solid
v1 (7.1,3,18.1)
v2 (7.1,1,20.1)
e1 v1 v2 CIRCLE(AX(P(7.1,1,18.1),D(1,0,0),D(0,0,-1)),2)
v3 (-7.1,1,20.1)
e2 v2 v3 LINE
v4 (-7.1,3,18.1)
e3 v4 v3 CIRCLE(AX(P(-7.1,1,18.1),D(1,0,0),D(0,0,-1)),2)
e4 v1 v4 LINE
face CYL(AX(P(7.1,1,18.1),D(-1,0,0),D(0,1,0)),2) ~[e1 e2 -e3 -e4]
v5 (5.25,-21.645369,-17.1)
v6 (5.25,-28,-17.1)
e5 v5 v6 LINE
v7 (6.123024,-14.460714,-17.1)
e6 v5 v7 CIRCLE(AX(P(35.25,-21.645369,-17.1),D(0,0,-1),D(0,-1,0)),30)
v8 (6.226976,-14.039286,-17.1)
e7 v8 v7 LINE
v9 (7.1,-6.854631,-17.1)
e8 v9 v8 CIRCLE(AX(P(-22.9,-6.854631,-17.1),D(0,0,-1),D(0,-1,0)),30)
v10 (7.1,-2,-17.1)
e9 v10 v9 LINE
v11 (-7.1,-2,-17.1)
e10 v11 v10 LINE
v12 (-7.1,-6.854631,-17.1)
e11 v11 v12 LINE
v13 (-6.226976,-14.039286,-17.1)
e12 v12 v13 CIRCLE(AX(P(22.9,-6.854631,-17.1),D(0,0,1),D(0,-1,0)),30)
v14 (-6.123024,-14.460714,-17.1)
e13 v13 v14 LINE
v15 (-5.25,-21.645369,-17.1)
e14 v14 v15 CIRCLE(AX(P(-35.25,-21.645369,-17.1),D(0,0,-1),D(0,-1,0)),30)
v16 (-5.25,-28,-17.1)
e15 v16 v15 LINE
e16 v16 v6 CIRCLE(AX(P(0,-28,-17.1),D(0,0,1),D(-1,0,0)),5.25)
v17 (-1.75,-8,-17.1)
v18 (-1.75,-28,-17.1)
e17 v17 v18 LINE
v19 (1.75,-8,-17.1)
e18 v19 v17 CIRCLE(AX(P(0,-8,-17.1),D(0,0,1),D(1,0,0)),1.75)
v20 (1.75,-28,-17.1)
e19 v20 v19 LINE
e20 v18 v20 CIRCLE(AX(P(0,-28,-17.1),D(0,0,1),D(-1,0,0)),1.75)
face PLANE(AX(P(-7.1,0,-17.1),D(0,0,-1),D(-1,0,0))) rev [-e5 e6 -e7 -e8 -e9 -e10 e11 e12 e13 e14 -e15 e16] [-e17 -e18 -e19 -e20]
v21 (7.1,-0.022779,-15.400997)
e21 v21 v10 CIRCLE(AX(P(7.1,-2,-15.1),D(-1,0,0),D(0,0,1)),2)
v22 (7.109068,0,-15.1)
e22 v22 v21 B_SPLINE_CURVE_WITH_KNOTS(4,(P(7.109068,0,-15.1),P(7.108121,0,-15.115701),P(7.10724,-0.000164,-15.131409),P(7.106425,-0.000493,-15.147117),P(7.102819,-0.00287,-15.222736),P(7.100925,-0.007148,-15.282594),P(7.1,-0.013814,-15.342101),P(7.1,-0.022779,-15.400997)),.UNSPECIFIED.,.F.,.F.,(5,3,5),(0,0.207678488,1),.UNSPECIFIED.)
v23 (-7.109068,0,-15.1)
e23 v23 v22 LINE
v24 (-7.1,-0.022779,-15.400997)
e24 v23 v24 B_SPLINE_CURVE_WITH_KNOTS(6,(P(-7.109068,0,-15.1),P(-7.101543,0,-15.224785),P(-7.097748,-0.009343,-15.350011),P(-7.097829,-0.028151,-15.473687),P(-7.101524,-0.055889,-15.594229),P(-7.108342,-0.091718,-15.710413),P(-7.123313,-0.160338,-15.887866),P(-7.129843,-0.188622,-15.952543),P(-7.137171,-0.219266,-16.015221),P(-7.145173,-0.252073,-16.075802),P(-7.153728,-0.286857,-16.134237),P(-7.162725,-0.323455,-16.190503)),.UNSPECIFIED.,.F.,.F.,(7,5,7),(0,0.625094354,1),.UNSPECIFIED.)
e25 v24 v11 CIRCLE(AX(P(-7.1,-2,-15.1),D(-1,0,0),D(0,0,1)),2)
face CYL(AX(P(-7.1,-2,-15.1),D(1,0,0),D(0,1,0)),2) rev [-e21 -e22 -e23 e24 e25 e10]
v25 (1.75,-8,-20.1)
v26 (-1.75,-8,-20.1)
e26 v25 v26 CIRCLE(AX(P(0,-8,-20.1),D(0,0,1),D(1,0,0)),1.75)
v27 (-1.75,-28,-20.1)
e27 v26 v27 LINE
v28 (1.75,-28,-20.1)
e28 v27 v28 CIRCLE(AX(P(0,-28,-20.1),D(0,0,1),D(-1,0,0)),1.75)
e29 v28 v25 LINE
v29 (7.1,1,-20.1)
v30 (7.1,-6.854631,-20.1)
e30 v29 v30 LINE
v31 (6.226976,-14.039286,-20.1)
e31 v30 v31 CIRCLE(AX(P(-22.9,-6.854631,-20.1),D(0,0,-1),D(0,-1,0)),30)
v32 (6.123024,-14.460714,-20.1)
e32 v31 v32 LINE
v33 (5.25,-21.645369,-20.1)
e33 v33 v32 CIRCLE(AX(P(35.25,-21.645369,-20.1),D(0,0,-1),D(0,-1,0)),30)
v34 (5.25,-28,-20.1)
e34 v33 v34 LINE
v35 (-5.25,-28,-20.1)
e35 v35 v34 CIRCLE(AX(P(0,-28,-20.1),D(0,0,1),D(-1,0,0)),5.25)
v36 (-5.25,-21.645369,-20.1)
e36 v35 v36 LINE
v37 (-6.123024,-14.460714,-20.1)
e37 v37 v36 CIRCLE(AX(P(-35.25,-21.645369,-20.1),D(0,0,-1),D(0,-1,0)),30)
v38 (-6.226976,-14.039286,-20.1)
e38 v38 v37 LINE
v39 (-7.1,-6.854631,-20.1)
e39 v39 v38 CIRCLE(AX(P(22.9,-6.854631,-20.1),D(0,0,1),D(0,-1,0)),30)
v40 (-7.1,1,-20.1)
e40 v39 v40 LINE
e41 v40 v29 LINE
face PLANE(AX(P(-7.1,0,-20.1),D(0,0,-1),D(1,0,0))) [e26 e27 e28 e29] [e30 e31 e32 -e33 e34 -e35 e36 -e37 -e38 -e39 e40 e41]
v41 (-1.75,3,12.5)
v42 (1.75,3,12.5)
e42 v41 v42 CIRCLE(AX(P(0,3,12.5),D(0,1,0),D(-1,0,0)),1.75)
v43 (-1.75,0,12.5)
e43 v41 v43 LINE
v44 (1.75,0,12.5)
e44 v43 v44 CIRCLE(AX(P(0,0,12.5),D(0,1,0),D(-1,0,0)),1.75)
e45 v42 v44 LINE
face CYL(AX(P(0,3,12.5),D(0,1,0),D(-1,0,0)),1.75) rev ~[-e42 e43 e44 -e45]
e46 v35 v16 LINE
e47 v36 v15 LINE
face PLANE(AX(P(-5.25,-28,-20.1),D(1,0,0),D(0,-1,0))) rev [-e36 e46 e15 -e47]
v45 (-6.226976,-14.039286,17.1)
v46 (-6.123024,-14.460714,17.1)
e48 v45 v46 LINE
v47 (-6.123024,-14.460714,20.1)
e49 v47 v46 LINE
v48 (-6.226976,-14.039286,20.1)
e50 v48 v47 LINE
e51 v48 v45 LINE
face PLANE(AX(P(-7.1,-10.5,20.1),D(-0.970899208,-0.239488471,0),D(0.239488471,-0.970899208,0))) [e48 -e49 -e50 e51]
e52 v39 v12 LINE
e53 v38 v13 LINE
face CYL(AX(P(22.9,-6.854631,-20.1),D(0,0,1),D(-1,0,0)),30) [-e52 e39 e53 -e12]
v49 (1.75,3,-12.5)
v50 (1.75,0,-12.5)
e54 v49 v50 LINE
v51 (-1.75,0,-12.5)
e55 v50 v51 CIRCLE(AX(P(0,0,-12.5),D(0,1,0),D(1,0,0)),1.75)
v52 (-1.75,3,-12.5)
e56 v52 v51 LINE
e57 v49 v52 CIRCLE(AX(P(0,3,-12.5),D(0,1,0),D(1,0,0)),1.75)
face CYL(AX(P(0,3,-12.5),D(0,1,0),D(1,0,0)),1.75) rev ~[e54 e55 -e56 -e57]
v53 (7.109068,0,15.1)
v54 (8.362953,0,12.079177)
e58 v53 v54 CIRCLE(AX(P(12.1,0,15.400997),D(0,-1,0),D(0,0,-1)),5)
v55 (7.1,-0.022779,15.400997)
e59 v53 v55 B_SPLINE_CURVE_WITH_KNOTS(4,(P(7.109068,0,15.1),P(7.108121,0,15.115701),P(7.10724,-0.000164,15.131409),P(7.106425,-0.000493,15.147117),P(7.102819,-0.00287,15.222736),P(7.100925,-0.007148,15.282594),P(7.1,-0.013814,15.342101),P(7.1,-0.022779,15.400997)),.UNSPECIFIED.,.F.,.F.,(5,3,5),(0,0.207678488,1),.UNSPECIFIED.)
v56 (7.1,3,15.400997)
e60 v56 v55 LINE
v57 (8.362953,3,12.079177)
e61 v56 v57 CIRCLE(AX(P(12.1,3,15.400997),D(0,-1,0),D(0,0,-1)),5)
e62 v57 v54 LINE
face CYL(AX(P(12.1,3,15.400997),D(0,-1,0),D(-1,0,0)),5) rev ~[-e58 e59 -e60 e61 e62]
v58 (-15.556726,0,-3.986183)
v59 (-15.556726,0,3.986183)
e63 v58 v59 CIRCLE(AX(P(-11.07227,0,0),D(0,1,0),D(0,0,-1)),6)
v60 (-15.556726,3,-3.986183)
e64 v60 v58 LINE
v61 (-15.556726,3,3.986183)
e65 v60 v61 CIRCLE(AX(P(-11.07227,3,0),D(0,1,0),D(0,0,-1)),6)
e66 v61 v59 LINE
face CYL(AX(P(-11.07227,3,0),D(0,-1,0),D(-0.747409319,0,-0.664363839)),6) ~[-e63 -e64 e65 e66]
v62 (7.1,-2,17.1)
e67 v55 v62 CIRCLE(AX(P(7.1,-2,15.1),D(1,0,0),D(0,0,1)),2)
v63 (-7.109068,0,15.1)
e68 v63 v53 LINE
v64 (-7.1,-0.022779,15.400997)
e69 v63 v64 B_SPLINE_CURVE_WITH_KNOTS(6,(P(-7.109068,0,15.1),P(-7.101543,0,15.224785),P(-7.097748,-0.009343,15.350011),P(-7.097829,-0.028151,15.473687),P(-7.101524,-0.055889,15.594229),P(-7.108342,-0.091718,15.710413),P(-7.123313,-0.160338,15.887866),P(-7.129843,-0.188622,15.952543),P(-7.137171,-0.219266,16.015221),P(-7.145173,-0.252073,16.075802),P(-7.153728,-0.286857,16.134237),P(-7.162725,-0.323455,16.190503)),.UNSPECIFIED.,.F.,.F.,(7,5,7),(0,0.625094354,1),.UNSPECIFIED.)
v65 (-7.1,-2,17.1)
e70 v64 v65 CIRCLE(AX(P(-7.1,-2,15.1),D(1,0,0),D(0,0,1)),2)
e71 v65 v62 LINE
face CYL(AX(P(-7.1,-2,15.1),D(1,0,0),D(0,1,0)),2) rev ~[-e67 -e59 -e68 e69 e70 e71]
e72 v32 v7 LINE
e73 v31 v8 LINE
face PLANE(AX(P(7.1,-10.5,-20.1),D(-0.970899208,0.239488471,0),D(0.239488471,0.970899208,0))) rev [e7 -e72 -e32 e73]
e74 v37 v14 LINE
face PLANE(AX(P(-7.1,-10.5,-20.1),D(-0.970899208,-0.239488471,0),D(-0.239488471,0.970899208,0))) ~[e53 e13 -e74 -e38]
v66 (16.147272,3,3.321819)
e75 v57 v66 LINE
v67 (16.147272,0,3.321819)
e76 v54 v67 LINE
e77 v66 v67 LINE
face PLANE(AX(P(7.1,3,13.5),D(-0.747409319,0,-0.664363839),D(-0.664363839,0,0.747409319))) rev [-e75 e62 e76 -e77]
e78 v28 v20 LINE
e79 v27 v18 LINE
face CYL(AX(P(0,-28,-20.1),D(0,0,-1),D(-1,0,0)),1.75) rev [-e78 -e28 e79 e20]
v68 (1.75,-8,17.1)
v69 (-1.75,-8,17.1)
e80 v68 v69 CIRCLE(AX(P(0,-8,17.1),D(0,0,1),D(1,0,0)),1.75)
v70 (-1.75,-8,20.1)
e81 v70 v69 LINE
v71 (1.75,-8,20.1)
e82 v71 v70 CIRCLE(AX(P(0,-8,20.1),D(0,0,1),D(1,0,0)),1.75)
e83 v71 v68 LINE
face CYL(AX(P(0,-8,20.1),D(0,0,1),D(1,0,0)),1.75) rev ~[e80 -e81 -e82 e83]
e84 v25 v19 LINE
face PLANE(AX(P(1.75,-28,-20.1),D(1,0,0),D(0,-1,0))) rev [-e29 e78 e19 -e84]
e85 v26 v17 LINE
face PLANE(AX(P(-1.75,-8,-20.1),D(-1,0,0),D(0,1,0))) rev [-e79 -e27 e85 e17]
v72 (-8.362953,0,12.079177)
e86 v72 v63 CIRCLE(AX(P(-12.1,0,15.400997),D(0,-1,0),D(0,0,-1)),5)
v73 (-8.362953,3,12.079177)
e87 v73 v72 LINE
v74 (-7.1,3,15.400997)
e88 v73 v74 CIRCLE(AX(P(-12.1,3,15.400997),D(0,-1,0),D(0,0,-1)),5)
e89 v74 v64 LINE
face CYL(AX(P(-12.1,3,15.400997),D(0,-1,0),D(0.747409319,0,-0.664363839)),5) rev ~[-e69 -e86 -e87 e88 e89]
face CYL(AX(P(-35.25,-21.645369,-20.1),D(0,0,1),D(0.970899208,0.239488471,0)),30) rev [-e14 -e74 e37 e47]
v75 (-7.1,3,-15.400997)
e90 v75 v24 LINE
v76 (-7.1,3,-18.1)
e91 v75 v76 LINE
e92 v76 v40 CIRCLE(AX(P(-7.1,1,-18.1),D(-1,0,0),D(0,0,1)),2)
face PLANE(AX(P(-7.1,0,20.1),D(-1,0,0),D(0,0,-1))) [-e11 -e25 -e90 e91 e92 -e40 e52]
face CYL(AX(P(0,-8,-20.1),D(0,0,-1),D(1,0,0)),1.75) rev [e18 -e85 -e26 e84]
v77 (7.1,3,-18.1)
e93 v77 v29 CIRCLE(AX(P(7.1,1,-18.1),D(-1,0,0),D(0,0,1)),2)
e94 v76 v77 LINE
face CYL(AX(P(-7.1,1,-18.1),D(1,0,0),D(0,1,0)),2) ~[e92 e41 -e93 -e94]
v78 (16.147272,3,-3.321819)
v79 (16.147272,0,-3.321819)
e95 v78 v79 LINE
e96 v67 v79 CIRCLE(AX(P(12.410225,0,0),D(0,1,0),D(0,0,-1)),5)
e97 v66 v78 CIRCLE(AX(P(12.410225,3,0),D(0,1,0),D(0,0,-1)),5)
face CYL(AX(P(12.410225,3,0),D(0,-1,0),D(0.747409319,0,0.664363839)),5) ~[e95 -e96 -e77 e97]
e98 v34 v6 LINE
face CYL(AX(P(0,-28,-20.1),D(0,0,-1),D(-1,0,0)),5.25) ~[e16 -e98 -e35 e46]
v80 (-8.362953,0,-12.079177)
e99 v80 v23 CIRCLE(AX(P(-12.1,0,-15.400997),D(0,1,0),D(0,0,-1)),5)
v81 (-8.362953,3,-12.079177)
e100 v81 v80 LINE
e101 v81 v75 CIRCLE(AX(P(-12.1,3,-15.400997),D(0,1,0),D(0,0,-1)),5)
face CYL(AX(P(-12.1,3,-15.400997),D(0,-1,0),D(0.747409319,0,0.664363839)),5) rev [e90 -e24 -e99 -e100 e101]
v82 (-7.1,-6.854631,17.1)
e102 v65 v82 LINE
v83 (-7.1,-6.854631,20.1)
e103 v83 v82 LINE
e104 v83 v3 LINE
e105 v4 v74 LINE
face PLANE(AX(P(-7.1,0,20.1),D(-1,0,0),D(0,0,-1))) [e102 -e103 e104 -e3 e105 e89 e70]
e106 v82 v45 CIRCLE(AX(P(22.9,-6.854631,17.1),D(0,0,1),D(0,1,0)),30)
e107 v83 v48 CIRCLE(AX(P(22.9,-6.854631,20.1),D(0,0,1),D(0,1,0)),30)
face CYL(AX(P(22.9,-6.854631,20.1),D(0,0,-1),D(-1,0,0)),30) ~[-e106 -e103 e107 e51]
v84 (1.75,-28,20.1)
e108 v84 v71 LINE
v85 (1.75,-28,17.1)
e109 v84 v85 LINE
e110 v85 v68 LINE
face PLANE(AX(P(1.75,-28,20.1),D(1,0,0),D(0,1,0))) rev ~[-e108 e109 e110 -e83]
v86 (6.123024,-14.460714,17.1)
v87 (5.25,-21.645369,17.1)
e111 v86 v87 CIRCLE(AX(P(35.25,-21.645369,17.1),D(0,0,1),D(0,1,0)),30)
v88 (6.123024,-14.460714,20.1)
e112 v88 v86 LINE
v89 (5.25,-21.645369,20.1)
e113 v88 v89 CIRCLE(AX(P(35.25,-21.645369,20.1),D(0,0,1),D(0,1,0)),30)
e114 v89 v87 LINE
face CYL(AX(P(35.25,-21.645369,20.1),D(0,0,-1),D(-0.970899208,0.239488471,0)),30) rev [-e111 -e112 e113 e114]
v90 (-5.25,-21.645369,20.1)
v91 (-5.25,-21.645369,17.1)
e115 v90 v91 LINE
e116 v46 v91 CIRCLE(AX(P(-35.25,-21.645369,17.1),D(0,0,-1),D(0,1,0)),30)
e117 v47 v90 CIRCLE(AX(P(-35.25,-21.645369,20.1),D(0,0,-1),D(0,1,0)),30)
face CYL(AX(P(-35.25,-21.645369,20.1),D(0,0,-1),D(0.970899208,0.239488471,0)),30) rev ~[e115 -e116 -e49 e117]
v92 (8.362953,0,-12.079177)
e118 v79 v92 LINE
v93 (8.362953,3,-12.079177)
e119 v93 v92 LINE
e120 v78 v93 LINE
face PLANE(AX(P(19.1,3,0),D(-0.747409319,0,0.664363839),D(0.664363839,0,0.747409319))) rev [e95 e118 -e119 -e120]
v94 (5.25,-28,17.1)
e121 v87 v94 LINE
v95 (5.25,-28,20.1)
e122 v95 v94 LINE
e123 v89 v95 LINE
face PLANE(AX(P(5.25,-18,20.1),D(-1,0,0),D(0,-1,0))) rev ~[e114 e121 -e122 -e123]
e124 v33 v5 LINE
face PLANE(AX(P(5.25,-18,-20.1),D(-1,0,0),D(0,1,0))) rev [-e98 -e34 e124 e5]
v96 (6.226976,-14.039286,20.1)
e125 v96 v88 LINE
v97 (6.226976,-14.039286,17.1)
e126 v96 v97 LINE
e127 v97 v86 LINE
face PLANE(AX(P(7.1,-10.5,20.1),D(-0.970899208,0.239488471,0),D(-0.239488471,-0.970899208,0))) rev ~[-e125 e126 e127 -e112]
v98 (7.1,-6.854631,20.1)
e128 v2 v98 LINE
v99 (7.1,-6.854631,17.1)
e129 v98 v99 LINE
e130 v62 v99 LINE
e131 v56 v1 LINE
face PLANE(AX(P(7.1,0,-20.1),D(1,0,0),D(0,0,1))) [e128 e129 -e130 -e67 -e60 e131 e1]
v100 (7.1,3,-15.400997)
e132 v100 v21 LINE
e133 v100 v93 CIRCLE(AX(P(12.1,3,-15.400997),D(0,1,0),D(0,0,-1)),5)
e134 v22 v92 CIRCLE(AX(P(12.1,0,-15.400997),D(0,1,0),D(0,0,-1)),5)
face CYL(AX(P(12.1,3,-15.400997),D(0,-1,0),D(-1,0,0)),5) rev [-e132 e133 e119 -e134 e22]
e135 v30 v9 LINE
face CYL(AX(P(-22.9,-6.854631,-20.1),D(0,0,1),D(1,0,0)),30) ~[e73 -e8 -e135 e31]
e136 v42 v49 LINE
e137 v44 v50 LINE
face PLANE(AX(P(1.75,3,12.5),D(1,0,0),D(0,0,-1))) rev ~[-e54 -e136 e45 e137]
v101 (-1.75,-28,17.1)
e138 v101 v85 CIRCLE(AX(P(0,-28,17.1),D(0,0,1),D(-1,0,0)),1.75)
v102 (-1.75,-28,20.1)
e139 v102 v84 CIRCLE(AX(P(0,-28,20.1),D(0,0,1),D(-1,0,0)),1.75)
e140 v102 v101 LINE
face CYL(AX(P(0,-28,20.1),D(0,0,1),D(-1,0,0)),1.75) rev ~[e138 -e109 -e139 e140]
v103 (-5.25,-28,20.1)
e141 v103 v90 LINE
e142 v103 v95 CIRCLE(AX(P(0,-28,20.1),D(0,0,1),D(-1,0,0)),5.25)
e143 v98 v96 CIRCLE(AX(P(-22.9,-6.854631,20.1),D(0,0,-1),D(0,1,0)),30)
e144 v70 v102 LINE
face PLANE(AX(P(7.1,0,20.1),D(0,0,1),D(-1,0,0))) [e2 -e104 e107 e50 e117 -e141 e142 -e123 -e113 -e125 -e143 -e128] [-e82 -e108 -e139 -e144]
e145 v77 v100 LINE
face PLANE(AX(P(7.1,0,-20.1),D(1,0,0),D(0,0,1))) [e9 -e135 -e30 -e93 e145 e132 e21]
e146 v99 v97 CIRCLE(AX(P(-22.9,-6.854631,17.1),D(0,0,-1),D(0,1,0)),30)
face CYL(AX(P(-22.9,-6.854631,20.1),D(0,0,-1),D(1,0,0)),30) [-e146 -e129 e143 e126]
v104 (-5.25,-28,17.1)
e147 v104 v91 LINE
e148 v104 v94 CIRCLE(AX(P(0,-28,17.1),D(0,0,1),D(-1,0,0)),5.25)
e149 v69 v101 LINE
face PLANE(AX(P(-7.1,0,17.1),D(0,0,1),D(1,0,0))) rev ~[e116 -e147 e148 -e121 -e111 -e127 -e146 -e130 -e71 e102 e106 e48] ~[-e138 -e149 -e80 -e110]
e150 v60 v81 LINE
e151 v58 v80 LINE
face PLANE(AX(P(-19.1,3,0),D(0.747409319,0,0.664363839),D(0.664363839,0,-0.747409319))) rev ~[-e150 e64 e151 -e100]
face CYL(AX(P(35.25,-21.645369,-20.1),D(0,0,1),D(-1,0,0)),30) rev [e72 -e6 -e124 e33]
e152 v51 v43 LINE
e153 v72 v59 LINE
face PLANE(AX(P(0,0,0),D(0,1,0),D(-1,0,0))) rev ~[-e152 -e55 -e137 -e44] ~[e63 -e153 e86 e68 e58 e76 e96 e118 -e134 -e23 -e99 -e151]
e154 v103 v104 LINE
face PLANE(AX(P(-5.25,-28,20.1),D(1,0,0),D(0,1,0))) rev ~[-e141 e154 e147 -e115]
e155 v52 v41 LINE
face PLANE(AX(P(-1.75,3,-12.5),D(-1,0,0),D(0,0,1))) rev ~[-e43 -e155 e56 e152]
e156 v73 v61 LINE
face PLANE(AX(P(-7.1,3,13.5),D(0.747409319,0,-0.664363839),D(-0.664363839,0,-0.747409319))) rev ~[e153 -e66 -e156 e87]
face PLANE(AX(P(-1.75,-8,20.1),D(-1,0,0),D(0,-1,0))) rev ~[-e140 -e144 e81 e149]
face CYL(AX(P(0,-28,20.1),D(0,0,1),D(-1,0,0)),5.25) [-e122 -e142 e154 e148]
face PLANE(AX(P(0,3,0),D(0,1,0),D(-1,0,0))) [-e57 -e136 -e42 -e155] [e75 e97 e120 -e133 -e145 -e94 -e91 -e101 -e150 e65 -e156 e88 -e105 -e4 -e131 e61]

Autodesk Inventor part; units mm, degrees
ref_plane "YZ Plane" through (0, 0, 0) normal (1, 0, 0) x (0, 1, 0)
ref_plane "XZ Plane" through (0, 0, 0) normal (0, 1, 0) x (-1, 0, 0)
ref_plane "XY Plane" through (0, 0, 0) normal (0, 0, 1) x (1, 0, 0)
sketch "Sketch1" plane through (0, 0, 0) normal (0, 1, 0) x (-1, 0, 0)
  line L0 (7.1, -20.1) -> (-7.1, -20.1)
  line L1 (-7.1, -20.1) -> (-7.1, 20.1)
  line L2 (-7.1, 20.1) -> (7.1, 20.1)
  line L3 (7.1, 20.1) -> (7.1, -20.1)
  line L4 (7.1, -20.1) -> (-7.1, 20.1) construction
  line L5 (-7.1, -20.1) -> (7.1, 20.1) construction
  circle A0 centre (0, 12.1) radius 2
  point P0 (0, 0)
  dimension "d0" = 14.2
  dimension "d1" = 40.2
  dimension "d4" = 4
  dimension "d5" = 8
  dimension "d6" = 7.1
extrude "Extrusion1" add sketch "Sketch1" along normal blind 3 contours L0 L1 L2 L3 | A0
sketch "Sketch2" plane through (-7.1, 0, 20.1) normal (0, 0, 1) x (1, 0, 0)
  line L0 (7.1, -28) -> (7.1, -8) construction
  line L1 (8.85, -28) -> (8.85, -8)
  line L2 (5.35, -8) -> (5.35, -28)
  arc A0 (5.35, -28) -> (8.85, -28) centre (7.1, -28) ccw
  arc A1 (8.85, -8) -> (5.35, -8) centre (7.1, -8) ccw
  line L3 (0, 0) -> (0, 3) projected
  line L4 (0, 0) -> (14.2, 0) projected
  line L5 (1.85, -28) -> (1.85, -8)
  arc A2 (12.35, -8) -> (1.85, -8) centre (7.1, -8) ccw
  line L6 (12.35, -8) -> (12.35, -28)
  arc A3 (1.85, -28) -> (12.35, -28) centre (7.1, -28) ccw
  line L7 (0, 0) -> (0, -10.5)
  line L8 (0, -10.5) -> (1.85, -18)
  line L9 (14.2, 0) -> (14.2, -10.5)
  line L10 (14.2, -10.5) -> (12.35, -18)
  point P0 (7.1, 0)
  point P1 (7.1, -18)
  point P2 (8.85, -18)
  dimension "d7" = 7.1
  dimension "d8" = 3.5
  dimension "d9" = 20
  dimension "d10" = 18
  dimension "d11" = 3.5
extrude "Extrusion2" add sketch "Sketch2" against normal blind 3
mirror "Mirror1" about plane through (0, 0, 0) normal (0, 0, 1) of "Extrusion2"
fillet "Fillet1" radius 30 8 edges at (7.1, -10.5, 18.6) (5.25, -18, 18.6) (-7.1, -10.5, 18.6) (-5.25, -18, 18.6) (7.1, -10.5, -18.6) (5.25, -18, -18.6) (-7.1, -10.5, -18.6) (-5.25, -18, -18.6)
sketch "Sketch3" plane through (0, 3, 0) normal (0, 1, 0) x (1, 0, 0)
  line L0 (-7.1, -13.5) -> (7.1, -13.5) projected
  line L1 (-7.1, -13.5) -> (-19.1, 0)
  line L2 (7.1, 13.5) -> (-7.1, 13.5) projected
  line L3 (-19.1, 0) -> (-7.1, 13.5)
  line L4 (-7.1, 13.5) -> (-7.1, -13.5)
  line L5 (-7.1, 20.1) -> (-7.1, -20.1) projected
  line L6 (-7.1, 0) -> (-19.1, 0)
  point P0 (0, 0)
  point P1 (-7.1, 0)
  point P2 (-7.1, 14.5)
  point P3 (-7.1, -14.5)
  dimension "d17" = 12
extrude "Extrusion3" add sketch "Sketch3" against normal blind 3
fillet "Fillet4" radius 6 1 edges at (-19.1, 1.5, 0)
fillet "Fillet5" radius 5 2 edges at (-7.1, 1.5, 13.5) (-7.1, 1.5, -13.5)
mirror "Mirror2" about plane through (0, 0, 0) normal (1, 0, 0) of "Extrusion3"
fillet "Fillet6" radius 5 2 edges at (7.1, 1.5, 13.5) (7.1, 1.5, -13.5)
fillet "Fillet7" radius 5 1 edges at (19.1, 1.5, 0)
fillet "Fillet8" radius 2 4 edges at (0, 3, 20.1) (0, 3, -20.1) (0, 0, -17.1) (0, 0, 17.1)
sketch "Sketch4" plane through (0, 3, 0) normal (0, 1, 0) x (1, 0, 0)
  line L0 (0, -12.5) -> (0, 12.5) construction
  line L1 (1.75, -12.5) -> (1.75, 12.5)
  line L2 (-1.75, 12.5) -> (-1.75, -12.5)
  arc A0 (-1.75, -12.5) -> (1.75, -12.5) centre (0, -12.5) ccw
  arc A1 (1.75, 12.5) -> (-1.75, 12.5) centre (0, 12.5) ccw
  point P0 (0, 0)
  dimension "d26" = 3.5
  dimension "d27" = 25
extrude "Extrusion4" cut sketch "Sketch4" against normal blind 10
properties part number "SoporteSensorDeInterrupcionesEJEX"
